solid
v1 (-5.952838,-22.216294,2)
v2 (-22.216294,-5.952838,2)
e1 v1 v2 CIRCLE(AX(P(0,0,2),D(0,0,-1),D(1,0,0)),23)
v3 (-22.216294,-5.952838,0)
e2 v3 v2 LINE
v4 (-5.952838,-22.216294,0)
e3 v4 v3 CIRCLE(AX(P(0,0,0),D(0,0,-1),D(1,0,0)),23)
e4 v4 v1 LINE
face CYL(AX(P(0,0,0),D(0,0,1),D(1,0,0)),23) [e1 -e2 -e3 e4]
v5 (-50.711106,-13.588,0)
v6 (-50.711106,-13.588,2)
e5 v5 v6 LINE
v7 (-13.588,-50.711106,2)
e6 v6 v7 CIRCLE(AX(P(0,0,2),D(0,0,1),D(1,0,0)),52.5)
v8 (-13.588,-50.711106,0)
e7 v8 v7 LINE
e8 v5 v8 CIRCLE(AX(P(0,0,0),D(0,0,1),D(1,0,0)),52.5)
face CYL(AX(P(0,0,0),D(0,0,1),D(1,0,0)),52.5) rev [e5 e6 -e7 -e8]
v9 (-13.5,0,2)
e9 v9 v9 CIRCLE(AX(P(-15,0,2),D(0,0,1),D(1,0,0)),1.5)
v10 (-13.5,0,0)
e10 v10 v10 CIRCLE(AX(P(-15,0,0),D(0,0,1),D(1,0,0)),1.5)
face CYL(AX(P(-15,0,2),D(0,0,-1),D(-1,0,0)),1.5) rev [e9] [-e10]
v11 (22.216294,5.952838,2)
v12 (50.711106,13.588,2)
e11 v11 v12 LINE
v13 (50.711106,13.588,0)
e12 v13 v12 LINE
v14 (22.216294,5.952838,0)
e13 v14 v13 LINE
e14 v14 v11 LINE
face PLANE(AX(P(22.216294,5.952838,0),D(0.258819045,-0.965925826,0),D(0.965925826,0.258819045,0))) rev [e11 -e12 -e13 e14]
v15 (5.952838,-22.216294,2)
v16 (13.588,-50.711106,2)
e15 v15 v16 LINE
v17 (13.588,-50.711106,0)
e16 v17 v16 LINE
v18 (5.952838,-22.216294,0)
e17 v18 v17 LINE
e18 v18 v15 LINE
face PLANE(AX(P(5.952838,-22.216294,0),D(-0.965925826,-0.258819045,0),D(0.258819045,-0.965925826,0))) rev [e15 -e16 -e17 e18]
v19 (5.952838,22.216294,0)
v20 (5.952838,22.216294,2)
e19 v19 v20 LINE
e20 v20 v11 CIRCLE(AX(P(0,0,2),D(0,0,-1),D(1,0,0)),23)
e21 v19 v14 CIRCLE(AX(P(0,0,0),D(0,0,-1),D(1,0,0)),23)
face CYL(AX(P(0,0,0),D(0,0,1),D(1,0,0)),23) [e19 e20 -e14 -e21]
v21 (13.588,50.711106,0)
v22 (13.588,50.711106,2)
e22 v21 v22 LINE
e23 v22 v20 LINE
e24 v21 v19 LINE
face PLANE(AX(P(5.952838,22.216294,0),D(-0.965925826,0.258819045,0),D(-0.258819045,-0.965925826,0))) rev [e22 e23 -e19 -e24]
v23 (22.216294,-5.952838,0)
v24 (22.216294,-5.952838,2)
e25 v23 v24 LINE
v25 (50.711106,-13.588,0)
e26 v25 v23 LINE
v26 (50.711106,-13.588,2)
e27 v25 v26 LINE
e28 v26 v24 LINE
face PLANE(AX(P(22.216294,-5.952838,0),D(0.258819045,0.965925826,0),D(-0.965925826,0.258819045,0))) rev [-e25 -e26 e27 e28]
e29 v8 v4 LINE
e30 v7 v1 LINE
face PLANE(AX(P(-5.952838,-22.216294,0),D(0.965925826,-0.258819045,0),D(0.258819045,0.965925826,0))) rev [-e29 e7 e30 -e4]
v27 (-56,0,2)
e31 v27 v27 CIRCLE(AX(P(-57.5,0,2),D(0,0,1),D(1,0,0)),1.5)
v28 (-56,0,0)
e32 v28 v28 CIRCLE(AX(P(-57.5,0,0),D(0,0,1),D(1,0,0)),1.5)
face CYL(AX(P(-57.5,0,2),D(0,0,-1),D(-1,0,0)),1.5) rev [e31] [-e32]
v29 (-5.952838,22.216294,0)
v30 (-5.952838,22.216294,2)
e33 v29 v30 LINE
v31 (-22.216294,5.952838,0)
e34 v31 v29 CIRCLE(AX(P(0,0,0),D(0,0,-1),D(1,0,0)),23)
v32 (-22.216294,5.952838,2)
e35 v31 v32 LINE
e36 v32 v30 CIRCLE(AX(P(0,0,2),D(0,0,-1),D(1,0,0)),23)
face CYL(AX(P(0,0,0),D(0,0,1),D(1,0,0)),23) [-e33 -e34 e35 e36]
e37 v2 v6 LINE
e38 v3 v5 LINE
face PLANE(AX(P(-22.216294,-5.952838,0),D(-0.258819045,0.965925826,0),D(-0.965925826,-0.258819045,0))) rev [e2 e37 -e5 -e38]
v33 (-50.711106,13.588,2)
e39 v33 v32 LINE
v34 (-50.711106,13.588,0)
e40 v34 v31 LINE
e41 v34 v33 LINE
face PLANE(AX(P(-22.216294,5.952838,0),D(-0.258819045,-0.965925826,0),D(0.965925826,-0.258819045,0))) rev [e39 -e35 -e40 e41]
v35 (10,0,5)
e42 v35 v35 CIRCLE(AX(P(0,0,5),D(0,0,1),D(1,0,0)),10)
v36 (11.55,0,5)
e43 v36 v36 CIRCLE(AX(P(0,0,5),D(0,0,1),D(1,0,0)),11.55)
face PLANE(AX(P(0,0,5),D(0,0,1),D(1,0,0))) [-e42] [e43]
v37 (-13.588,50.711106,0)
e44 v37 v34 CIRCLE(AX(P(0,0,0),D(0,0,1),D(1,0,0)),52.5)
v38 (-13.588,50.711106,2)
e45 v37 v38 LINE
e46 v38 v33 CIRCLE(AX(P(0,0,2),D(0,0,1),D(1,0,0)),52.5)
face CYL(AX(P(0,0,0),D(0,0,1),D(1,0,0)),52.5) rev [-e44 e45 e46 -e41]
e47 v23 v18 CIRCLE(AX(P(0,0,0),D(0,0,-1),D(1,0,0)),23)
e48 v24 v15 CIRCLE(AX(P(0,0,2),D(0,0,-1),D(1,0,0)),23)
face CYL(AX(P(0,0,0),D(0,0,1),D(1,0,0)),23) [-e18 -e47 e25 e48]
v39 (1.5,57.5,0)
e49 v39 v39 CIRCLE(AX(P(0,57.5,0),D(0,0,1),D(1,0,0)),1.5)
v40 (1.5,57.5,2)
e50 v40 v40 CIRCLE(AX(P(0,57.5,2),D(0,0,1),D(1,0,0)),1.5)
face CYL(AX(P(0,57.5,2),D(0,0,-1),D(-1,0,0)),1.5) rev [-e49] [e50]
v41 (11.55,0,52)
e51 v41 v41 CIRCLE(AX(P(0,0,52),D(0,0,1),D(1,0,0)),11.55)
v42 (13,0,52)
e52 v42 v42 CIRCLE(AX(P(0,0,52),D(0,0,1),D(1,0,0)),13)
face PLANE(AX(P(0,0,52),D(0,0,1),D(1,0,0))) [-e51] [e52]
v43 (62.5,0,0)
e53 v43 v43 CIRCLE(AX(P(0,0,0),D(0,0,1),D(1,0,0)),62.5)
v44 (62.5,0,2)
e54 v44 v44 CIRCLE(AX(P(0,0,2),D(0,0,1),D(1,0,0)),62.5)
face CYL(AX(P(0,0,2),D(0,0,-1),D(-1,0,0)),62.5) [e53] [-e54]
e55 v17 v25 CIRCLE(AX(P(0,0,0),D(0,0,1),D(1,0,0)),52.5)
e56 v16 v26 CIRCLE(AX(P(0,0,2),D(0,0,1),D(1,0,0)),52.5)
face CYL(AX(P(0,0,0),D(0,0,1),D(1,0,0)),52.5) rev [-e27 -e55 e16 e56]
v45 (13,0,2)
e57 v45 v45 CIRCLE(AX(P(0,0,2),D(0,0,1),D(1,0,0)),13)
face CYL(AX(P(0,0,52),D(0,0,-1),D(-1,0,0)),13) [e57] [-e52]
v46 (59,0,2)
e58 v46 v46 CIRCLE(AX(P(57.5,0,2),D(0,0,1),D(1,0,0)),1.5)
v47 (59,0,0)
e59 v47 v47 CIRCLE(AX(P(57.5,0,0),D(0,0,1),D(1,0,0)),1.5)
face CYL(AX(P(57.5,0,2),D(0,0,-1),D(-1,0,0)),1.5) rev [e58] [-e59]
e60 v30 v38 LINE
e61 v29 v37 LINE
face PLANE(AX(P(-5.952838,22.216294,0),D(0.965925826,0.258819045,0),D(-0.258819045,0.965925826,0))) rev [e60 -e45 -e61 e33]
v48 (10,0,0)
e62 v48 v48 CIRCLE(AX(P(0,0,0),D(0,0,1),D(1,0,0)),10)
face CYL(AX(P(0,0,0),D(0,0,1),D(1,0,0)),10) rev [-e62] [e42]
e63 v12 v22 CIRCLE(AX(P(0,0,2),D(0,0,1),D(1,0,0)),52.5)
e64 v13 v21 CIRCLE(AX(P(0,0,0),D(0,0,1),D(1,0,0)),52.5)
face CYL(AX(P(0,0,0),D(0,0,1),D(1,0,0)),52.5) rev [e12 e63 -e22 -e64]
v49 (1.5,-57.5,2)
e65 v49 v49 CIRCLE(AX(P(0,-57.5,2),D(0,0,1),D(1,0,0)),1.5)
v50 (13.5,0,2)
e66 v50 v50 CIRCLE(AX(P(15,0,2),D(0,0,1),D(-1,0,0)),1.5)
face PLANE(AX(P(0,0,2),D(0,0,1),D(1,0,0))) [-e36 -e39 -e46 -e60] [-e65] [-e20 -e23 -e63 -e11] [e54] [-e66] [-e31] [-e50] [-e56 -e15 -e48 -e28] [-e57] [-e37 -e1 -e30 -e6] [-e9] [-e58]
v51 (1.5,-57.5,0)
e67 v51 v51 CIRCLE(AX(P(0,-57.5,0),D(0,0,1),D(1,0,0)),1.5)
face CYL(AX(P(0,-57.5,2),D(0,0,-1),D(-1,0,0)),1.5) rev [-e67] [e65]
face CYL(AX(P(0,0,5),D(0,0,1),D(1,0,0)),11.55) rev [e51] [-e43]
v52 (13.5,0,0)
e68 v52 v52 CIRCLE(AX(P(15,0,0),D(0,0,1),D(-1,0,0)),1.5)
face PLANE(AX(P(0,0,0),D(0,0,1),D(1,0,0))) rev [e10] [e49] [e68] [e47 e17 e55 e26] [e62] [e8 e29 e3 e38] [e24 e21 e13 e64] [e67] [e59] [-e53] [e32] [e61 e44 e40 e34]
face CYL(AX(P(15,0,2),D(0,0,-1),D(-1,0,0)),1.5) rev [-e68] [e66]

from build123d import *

# Parameters (mm, degrees)
SKETCH1_R           = 62.5
SKETCH1_R_2         = 1.5
BOSS_EXTRUDE1_DEPTH = 2
SKETCH2_R           = 13
BOSS_EXTRUDE2_DEPTH = 50
SKETCH6_R           = 11.55
CUT_EXTRUDE7_DEPTH  = 47
SKETCH7_R           = 10
CUT_EXTRUDE8_DEPTH  = 101.107442281
CUT_EXTRUDE9_DEPTH  = 102.550480058


with BuildPart() as part:
    # Sketch1 → Boss-Extrude1 (new body)
    with BuildSketch(Plane.XY):
        Circle(SKETCH1_R)
        with Locations((-57.5, 0)):
            Circle(SKETCH1_R_2, mode=Mode.SUBTRACT)
        with Locations((0, 57.5)):
            Circle(SKETCH1_R_2, mode=Mode.SUBTRACT)
        with Locations((57.5, 0)):
            Circle(SKETCH1_R_2, mode=Mode.SUBTRACT)
        with Locations((0, -57.5)):
            Circle(SKETCH1_R_2, mode=Mode.SUBTRACT)
        with Locations((-15, 0)):
            Circle(SKETCH1_R_2, mode=Mode.SUBTRACT)
        with Locations(Location((15, 0, 0), (0, 0, 180))):
            Circle(SKETCH1_R_2, mode=Mode.SUBTRACT)
    extrude(amount=BOSS_EXTRUDE1_DEPTH)

    # Sketch2 → Boss-Extrude2 (add)
    with BuildSketch(Plane.XY.offset(2)):
        Circle(SKETCH2_R)
    extrude(amount=BOSS_EXTRUDE2_DEPTH)

    # Sketch6 → Cut-Extrude7 (cut)
    with BuildSketch(Plane.XY.offset(52)):
        Circle(SKETCH6_R)
    extrude(amount=-CUT_EXTRUDE7_DEPTH, mode=Mode.SUBTRACT)

    # Sketch7 → Cut-Extrude8 (cut, through all)
    with BuildSketch(Plane.XY.offset(5)):
        Circle(SKETCH7_R)
    extrude(amount=-CUT_EXTRUDE8_DEPTH, mode=Mode.SUBTRACT)

    # Sector (Cut Extrude) → Cut-Extrude9 (cut, through all)
    with BuildSketch(Plane.XY.offset(2)):
        with BuildLine():
            Line((22.216294005, -5.952838037), (50.71110588, -13.587999868))
            ThreePointArc((50.71110588, -13.587999868), (37.123106012, -37.123106012), (13.587999868, -50.71110588))
            Line((13.587999868, -50.71110588), (5.952838037, -22.216294005))
            ThreePointArc((5.952838037, -22.216294005), (16.263455967, -16.263455967), (22.216294005, -5.952838037))
        make_face()
        with BuildLine():
            Line((-22.216294005, -5.952838037), (-50.71110588, -13.587999868))
            ThreePointArc((-50.71110588, -13.587999868), (-37.123106012, -37.123106012), (-13.587999868, -50.71110588))
            Line((-13.587999868, -50.71110588), (-5.952838037, -22.216294005))
            ThreePointArc((-5.952838037, -22.216294005), (-16.263455967, -16.263455967), (-22.216294005, -5.952838037))
        make_face()
        with BuildLine():
            Line((-5.952838037, 22.216294005), (-13.587999868, 50.71110588))
            ThreePointArc((-13.587999868, 50.71110588), (-37.123106012, 37.123106012), (-50.71110588, 13.587999868))
            Line((-50.71110588, 13.587999868), (-22.216294005, 5.952838037))
            ThreePointArc((-22.216294005, 5.952838037), (-16.263455967, 16.263455967), (-5.952838037, 22.216294005))
        make_face()
        with BuildLine():
            Line((22.216294005, 5.952838037), (50.71110588, 13.587999868))
            ThreePointArc((50.71110588, 13.587999868), (37.123106012, 37.123106012), (13.587999868, 50.71110588))
            Line((13.587999868, 50.71110588), (5.952838037, 22.216294005))
            ThreePointArc((5.952838037, 22.216294005), (16.263455967, 16.263455967), (22.216294005, 5.952838037))
        make_face()
    extrude(amount=-CUT_EXTRUDE9_DEPTH, mode=Mode.SUBTRACT)


solid = part.part
